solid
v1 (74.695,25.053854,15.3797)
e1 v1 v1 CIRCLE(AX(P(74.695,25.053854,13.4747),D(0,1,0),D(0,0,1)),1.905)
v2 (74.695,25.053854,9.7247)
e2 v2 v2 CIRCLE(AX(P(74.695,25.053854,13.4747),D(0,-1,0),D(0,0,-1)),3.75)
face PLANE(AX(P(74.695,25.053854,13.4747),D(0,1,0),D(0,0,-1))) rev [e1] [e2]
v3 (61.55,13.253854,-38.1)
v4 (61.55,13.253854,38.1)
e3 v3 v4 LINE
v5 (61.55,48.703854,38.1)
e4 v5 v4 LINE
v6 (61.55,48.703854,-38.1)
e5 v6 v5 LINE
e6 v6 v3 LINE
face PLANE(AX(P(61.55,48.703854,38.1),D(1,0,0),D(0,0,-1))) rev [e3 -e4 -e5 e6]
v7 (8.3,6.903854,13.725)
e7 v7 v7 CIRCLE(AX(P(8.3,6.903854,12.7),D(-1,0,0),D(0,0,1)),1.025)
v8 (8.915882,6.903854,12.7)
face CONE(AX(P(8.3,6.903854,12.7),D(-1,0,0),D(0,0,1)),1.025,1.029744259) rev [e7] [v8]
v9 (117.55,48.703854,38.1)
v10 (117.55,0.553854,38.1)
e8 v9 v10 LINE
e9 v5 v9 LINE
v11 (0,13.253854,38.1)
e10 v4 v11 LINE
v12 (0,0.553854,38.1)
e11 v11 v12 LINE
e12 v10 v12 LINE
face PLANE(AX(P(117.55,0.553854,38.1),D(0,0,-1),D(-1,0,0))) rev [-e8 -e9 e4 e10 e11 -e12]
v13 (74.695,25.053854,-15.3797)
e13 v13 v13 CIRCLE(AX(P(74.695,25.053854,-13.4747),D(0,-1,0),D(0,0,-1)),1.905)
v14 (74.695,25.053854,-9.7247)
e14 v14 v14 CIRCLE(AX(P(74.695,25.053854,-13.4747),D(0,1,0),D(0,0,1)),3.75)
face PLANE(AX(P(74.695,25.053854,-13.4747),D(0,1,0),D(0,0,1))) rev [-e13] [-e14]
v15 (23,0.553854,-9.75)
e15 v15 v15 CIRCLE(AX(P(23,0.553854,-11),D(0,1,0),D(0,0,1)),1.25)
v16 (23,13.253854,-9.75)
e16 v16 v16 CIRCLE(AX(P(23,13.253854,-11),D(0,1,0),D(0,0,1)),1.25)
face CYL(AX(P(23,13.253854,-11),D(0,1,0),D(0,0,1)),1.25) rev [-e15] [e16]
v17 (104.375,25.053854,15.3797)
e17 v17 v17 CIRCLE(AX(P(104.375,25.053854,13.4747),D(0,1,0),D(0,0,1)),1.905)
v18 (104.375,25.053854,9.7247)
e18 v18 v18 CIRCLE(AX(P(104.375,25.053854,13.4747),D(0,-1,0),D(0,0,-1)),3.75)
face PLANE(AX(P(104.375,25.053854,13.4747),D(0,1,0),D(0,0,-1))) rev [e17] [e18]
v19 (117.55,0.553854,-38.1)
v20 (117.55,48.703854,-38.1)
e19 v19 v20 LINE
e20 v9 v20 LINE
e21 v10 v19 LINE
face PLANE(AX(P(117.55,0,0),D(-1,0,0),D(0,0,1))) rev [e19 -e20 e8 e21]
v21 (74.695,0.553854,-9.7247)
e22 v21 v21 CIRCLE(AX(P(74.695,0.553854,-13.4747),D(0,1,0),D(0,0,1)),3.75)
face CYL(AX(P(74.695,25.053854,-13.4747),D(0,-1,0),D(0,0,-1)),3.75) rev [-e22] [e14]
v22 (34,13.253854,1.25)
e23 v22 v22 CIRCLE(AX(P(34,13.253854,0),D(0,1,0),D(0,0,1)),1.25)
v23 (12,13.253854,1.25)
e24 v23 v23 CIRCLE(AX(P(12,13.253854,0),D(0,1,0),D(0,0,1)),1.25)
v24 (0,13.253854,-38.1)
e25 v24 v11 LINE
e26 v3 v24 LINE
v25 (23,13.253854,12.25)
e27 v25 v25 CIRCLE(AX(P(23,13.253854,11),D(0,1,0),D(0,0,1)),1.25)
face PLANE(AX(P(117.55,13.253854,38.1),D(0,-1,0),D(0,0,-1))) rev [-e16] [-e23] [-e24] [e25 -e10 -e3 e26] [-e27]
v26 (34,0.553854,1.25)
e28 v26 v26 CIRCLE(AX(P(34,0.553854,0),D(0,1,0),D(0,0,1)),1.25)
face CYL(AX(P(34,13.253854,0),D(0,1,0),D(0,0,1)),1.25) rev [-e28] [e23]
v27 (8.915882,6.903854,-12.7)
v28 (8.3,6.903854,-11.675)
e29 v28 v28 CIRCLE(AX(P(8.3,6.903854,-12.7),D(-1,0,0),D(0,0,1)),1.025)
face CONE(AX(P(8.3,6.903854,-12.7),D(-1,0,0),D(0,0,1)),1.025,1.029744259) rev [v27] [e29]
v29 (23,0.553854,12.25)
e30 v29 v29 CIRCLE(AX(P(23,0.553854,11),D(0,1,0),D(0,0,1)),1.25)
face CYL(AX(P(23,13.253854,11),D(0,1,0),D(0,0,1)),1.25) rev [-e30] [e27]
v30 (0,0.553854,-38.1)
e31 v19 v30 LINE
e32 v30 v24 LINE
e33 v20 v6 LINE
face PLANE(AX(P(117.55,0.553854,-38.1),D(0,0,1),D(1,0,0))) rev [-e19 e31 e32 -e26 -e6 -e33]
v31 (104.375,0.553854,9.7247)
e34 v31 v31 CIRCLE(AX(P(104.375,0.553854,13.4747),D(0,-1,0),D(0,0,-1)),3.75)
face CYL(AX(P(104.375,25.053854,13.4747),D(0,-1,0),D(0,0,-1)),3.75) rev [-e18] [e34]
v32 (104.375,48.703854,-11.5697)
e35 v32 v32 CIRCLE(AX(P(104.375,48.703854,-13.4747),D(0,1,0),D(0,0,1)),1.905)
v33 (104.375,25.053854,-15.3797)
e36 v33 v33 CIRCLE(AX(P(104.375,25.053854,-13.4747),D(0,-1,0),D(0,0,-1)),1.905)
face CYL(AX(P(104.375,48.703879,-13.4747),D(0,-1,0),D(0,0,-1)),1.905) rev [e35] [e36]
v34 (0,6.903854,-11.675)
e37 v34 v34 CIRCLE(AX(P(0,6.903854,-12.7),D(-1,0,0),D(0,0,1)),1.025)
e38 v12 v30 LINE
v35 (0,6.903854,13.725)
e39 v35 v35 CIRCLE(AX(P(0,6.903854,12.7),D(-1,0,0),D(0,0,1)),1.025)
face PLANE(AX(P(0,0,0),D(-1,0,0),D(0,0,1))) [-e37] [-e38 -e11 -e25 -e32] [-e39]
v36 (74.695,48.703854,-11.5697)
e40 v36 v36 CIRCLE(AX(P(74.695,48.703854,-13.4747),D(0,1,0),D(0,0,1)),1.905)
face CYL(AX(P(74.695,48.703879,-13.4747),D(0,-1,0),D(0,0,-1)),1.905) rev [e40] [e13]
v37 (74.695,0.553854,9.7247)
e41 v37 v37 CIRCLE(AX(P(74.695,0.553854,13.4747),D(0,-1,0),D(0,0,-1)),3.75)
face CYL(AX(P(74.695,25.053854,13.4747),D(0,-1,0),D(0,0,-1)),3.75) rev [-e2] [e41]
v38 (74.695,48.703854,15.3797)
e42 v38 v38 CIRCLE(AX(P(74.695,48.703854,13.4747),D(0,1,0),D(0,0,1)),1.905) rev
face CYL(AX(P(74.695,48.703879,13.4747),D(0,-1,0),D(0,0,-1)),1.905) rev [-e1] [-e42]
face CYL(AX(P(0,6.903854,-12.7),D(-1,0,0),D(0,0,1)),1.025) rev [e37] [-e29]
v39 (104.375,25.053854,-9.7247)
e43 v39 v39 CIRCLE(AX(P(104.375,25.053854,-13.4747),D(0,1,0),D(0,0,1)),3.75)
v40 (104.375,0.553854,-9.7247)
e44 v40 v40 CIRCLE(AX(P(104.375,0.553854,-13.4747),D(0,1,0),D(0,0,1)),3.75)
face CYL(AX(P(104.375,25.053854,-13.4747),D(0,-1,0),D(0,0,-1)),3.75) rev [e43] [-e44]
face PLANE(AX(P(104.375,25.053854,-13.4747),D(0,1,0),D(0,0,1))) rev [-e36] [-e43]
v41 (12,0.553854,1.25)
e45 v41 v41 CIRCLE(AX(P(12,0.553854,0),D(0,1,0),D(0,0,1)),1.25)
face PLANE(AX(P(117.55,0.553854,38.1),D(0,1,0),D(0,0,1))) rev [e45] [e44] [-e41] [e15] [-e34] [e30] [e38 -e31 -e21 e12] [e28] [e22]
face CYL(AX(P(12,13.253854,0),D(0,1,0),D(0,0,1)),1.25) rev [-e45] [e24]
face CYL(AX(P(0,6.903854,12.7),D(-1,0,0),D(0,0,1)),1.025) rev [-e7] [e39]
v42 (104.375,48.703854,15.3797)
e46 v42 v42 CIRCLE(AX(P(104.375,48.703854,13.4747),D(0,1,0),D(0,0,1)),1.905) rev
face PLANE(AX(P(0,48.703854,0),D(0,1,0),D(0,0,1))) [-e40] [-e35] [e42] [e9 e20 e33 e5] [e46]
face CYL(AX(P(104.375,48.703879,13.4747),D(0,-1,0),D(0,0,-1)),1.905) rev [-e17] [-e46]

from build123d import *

# Parameters (mm, degrees)
SKETCH1_W                          = 76.2
SKETCH1_H                          = 12.7
BOSS_EXTRUDE1_DEPTH                = 117.55
F_2_5MM_DOWEL_HOLE2_D              = 2.5
SKETCH13_W                         = 56
SKETCH13_H                         = 76.2
BOSS_EXTRUDE3_DEPTH                = 35.45
SKETCH11_R                         = 3.75
CUT_EXTRUDE3_DEPTH                 = 24.5
SKETCH14_R                         = 1.905
CUT_EXTRUDE4_DEPTH                 = 24.65
TAP_DRILL_FOR_M2_5X0_45_TAP1_D     = 2.05
TAP_DRILL_FOR_M2_5X0_45_TAP1_DEPTH = 8.3
TAP_DRILL_FOR_M2_5X0_45_TAP1_TIP   = 0.615882135


with BuildPart() as part:
    # Sketch1 → Boss-Extrude1 (new body)
    with BuildSketch(Plane(origin=(0, 0, 0), x_dir=(0, 0, -1), z_dir=(1, 0, 0))):
        with Locations((0, 6.903854155)):
            Rectangle(SKETCH1_W, SKETCH1_H)
    extrude(amount=BOSS_EXTRUDE1_DEPTH)

    # Ø2.5mm Dowel Hole2 (through all)
    with Locations(Plane(origin=(0, 13.253854155, 0), x_dir=(1, 0, 0), z_dir=(0, 1, 0))):
        with Locations((12, 0), (34, 0), (23, -11), (23, 11)):
            Hole(F_2_5MM_DOWEL_HOLE2_D / 2)

    # Sketch13 → Boss-Extrude3 (add)
    with BuildSketch(Plane(origin=(0, 13.253854155, 0), x_dir=(1, 0, 0), z_dir=(0, 1, 0))):
        with Locations((89.55, 0)):
            Rectangle(SKETCH13_W, SKETCH13_H)
    extrude(amount=BOSS_EXTRUDE3_DEPTH)

    # Sketch11 → Cut-Extrude3 (cut)
    with BuildSketch(Plane(origin=(0, 0.553854155, 0), x_dir=(1, 0, 0), z_dir=(0, 1, 0))):
        with Locations((104.375, 13.4747)):
            Circle(SKETCH11_R)
        with Locations((74.695, 13.4747)):
            Circle(SKETCH11_R)
    cut_extrude3 = extrude(amount=CUT_EXTRUDE3_DEPTH, mode=Mode.SUBTRACT)

    # Sketch14 → Cut-Extrude4 (cut, through all)
    with BuildSketch(Plane.XZ.offset(-25.053854155)):
        with Locations((104.375, -13.4747)):
            Circle(SKETCH14_R)
        with Locations((74.695, -13.4747)):
            Circle(SKETCH14_R)
    cut_extrude4 = extrude(amount=-CUT_EXTRUDE4_DEPTH, mode=Mode.SUBTRACT)

    # Mirror2: Cut-Extrude3, Cut-Extrude4 across plane
    add(cut_extrude3.mirror(Plane.XY), mode=Mode.SUBTRACT)
    add(cut_extrude4.mirror(Plane.XY), mode=Mode.SUBTRACT)

    # Tap Drill for M2.5x0.45 Tap1
    with Locations(Plane.ZY):
        with Locations((-12.7, 6.903854155), (12.7, 6.903854155)):
            Hole(TAP_DRILL_FOR_M2_5X0_45_TAP1_D / 2, depth=TAP_DRILL_FOR_M2_5X0_45_TAP1_DEPTH)
            with Locations((0, 0, -(TAP_DRILL_FOR_M2_5X0_45_TAP1_DEPTH + TAP_DRILL_FOR_M2_5X0_45_TAP1_TIP / 2))):  # 118° drill point
                Cone(0, TAP_DRILL_FOR_M2_5X0_45_TAP1_D / 2, TAP_DRILL_FOR_M2_5X0_45_TAP1_TIP, mode=Mode.SUBTRACT)


solid = part.part
